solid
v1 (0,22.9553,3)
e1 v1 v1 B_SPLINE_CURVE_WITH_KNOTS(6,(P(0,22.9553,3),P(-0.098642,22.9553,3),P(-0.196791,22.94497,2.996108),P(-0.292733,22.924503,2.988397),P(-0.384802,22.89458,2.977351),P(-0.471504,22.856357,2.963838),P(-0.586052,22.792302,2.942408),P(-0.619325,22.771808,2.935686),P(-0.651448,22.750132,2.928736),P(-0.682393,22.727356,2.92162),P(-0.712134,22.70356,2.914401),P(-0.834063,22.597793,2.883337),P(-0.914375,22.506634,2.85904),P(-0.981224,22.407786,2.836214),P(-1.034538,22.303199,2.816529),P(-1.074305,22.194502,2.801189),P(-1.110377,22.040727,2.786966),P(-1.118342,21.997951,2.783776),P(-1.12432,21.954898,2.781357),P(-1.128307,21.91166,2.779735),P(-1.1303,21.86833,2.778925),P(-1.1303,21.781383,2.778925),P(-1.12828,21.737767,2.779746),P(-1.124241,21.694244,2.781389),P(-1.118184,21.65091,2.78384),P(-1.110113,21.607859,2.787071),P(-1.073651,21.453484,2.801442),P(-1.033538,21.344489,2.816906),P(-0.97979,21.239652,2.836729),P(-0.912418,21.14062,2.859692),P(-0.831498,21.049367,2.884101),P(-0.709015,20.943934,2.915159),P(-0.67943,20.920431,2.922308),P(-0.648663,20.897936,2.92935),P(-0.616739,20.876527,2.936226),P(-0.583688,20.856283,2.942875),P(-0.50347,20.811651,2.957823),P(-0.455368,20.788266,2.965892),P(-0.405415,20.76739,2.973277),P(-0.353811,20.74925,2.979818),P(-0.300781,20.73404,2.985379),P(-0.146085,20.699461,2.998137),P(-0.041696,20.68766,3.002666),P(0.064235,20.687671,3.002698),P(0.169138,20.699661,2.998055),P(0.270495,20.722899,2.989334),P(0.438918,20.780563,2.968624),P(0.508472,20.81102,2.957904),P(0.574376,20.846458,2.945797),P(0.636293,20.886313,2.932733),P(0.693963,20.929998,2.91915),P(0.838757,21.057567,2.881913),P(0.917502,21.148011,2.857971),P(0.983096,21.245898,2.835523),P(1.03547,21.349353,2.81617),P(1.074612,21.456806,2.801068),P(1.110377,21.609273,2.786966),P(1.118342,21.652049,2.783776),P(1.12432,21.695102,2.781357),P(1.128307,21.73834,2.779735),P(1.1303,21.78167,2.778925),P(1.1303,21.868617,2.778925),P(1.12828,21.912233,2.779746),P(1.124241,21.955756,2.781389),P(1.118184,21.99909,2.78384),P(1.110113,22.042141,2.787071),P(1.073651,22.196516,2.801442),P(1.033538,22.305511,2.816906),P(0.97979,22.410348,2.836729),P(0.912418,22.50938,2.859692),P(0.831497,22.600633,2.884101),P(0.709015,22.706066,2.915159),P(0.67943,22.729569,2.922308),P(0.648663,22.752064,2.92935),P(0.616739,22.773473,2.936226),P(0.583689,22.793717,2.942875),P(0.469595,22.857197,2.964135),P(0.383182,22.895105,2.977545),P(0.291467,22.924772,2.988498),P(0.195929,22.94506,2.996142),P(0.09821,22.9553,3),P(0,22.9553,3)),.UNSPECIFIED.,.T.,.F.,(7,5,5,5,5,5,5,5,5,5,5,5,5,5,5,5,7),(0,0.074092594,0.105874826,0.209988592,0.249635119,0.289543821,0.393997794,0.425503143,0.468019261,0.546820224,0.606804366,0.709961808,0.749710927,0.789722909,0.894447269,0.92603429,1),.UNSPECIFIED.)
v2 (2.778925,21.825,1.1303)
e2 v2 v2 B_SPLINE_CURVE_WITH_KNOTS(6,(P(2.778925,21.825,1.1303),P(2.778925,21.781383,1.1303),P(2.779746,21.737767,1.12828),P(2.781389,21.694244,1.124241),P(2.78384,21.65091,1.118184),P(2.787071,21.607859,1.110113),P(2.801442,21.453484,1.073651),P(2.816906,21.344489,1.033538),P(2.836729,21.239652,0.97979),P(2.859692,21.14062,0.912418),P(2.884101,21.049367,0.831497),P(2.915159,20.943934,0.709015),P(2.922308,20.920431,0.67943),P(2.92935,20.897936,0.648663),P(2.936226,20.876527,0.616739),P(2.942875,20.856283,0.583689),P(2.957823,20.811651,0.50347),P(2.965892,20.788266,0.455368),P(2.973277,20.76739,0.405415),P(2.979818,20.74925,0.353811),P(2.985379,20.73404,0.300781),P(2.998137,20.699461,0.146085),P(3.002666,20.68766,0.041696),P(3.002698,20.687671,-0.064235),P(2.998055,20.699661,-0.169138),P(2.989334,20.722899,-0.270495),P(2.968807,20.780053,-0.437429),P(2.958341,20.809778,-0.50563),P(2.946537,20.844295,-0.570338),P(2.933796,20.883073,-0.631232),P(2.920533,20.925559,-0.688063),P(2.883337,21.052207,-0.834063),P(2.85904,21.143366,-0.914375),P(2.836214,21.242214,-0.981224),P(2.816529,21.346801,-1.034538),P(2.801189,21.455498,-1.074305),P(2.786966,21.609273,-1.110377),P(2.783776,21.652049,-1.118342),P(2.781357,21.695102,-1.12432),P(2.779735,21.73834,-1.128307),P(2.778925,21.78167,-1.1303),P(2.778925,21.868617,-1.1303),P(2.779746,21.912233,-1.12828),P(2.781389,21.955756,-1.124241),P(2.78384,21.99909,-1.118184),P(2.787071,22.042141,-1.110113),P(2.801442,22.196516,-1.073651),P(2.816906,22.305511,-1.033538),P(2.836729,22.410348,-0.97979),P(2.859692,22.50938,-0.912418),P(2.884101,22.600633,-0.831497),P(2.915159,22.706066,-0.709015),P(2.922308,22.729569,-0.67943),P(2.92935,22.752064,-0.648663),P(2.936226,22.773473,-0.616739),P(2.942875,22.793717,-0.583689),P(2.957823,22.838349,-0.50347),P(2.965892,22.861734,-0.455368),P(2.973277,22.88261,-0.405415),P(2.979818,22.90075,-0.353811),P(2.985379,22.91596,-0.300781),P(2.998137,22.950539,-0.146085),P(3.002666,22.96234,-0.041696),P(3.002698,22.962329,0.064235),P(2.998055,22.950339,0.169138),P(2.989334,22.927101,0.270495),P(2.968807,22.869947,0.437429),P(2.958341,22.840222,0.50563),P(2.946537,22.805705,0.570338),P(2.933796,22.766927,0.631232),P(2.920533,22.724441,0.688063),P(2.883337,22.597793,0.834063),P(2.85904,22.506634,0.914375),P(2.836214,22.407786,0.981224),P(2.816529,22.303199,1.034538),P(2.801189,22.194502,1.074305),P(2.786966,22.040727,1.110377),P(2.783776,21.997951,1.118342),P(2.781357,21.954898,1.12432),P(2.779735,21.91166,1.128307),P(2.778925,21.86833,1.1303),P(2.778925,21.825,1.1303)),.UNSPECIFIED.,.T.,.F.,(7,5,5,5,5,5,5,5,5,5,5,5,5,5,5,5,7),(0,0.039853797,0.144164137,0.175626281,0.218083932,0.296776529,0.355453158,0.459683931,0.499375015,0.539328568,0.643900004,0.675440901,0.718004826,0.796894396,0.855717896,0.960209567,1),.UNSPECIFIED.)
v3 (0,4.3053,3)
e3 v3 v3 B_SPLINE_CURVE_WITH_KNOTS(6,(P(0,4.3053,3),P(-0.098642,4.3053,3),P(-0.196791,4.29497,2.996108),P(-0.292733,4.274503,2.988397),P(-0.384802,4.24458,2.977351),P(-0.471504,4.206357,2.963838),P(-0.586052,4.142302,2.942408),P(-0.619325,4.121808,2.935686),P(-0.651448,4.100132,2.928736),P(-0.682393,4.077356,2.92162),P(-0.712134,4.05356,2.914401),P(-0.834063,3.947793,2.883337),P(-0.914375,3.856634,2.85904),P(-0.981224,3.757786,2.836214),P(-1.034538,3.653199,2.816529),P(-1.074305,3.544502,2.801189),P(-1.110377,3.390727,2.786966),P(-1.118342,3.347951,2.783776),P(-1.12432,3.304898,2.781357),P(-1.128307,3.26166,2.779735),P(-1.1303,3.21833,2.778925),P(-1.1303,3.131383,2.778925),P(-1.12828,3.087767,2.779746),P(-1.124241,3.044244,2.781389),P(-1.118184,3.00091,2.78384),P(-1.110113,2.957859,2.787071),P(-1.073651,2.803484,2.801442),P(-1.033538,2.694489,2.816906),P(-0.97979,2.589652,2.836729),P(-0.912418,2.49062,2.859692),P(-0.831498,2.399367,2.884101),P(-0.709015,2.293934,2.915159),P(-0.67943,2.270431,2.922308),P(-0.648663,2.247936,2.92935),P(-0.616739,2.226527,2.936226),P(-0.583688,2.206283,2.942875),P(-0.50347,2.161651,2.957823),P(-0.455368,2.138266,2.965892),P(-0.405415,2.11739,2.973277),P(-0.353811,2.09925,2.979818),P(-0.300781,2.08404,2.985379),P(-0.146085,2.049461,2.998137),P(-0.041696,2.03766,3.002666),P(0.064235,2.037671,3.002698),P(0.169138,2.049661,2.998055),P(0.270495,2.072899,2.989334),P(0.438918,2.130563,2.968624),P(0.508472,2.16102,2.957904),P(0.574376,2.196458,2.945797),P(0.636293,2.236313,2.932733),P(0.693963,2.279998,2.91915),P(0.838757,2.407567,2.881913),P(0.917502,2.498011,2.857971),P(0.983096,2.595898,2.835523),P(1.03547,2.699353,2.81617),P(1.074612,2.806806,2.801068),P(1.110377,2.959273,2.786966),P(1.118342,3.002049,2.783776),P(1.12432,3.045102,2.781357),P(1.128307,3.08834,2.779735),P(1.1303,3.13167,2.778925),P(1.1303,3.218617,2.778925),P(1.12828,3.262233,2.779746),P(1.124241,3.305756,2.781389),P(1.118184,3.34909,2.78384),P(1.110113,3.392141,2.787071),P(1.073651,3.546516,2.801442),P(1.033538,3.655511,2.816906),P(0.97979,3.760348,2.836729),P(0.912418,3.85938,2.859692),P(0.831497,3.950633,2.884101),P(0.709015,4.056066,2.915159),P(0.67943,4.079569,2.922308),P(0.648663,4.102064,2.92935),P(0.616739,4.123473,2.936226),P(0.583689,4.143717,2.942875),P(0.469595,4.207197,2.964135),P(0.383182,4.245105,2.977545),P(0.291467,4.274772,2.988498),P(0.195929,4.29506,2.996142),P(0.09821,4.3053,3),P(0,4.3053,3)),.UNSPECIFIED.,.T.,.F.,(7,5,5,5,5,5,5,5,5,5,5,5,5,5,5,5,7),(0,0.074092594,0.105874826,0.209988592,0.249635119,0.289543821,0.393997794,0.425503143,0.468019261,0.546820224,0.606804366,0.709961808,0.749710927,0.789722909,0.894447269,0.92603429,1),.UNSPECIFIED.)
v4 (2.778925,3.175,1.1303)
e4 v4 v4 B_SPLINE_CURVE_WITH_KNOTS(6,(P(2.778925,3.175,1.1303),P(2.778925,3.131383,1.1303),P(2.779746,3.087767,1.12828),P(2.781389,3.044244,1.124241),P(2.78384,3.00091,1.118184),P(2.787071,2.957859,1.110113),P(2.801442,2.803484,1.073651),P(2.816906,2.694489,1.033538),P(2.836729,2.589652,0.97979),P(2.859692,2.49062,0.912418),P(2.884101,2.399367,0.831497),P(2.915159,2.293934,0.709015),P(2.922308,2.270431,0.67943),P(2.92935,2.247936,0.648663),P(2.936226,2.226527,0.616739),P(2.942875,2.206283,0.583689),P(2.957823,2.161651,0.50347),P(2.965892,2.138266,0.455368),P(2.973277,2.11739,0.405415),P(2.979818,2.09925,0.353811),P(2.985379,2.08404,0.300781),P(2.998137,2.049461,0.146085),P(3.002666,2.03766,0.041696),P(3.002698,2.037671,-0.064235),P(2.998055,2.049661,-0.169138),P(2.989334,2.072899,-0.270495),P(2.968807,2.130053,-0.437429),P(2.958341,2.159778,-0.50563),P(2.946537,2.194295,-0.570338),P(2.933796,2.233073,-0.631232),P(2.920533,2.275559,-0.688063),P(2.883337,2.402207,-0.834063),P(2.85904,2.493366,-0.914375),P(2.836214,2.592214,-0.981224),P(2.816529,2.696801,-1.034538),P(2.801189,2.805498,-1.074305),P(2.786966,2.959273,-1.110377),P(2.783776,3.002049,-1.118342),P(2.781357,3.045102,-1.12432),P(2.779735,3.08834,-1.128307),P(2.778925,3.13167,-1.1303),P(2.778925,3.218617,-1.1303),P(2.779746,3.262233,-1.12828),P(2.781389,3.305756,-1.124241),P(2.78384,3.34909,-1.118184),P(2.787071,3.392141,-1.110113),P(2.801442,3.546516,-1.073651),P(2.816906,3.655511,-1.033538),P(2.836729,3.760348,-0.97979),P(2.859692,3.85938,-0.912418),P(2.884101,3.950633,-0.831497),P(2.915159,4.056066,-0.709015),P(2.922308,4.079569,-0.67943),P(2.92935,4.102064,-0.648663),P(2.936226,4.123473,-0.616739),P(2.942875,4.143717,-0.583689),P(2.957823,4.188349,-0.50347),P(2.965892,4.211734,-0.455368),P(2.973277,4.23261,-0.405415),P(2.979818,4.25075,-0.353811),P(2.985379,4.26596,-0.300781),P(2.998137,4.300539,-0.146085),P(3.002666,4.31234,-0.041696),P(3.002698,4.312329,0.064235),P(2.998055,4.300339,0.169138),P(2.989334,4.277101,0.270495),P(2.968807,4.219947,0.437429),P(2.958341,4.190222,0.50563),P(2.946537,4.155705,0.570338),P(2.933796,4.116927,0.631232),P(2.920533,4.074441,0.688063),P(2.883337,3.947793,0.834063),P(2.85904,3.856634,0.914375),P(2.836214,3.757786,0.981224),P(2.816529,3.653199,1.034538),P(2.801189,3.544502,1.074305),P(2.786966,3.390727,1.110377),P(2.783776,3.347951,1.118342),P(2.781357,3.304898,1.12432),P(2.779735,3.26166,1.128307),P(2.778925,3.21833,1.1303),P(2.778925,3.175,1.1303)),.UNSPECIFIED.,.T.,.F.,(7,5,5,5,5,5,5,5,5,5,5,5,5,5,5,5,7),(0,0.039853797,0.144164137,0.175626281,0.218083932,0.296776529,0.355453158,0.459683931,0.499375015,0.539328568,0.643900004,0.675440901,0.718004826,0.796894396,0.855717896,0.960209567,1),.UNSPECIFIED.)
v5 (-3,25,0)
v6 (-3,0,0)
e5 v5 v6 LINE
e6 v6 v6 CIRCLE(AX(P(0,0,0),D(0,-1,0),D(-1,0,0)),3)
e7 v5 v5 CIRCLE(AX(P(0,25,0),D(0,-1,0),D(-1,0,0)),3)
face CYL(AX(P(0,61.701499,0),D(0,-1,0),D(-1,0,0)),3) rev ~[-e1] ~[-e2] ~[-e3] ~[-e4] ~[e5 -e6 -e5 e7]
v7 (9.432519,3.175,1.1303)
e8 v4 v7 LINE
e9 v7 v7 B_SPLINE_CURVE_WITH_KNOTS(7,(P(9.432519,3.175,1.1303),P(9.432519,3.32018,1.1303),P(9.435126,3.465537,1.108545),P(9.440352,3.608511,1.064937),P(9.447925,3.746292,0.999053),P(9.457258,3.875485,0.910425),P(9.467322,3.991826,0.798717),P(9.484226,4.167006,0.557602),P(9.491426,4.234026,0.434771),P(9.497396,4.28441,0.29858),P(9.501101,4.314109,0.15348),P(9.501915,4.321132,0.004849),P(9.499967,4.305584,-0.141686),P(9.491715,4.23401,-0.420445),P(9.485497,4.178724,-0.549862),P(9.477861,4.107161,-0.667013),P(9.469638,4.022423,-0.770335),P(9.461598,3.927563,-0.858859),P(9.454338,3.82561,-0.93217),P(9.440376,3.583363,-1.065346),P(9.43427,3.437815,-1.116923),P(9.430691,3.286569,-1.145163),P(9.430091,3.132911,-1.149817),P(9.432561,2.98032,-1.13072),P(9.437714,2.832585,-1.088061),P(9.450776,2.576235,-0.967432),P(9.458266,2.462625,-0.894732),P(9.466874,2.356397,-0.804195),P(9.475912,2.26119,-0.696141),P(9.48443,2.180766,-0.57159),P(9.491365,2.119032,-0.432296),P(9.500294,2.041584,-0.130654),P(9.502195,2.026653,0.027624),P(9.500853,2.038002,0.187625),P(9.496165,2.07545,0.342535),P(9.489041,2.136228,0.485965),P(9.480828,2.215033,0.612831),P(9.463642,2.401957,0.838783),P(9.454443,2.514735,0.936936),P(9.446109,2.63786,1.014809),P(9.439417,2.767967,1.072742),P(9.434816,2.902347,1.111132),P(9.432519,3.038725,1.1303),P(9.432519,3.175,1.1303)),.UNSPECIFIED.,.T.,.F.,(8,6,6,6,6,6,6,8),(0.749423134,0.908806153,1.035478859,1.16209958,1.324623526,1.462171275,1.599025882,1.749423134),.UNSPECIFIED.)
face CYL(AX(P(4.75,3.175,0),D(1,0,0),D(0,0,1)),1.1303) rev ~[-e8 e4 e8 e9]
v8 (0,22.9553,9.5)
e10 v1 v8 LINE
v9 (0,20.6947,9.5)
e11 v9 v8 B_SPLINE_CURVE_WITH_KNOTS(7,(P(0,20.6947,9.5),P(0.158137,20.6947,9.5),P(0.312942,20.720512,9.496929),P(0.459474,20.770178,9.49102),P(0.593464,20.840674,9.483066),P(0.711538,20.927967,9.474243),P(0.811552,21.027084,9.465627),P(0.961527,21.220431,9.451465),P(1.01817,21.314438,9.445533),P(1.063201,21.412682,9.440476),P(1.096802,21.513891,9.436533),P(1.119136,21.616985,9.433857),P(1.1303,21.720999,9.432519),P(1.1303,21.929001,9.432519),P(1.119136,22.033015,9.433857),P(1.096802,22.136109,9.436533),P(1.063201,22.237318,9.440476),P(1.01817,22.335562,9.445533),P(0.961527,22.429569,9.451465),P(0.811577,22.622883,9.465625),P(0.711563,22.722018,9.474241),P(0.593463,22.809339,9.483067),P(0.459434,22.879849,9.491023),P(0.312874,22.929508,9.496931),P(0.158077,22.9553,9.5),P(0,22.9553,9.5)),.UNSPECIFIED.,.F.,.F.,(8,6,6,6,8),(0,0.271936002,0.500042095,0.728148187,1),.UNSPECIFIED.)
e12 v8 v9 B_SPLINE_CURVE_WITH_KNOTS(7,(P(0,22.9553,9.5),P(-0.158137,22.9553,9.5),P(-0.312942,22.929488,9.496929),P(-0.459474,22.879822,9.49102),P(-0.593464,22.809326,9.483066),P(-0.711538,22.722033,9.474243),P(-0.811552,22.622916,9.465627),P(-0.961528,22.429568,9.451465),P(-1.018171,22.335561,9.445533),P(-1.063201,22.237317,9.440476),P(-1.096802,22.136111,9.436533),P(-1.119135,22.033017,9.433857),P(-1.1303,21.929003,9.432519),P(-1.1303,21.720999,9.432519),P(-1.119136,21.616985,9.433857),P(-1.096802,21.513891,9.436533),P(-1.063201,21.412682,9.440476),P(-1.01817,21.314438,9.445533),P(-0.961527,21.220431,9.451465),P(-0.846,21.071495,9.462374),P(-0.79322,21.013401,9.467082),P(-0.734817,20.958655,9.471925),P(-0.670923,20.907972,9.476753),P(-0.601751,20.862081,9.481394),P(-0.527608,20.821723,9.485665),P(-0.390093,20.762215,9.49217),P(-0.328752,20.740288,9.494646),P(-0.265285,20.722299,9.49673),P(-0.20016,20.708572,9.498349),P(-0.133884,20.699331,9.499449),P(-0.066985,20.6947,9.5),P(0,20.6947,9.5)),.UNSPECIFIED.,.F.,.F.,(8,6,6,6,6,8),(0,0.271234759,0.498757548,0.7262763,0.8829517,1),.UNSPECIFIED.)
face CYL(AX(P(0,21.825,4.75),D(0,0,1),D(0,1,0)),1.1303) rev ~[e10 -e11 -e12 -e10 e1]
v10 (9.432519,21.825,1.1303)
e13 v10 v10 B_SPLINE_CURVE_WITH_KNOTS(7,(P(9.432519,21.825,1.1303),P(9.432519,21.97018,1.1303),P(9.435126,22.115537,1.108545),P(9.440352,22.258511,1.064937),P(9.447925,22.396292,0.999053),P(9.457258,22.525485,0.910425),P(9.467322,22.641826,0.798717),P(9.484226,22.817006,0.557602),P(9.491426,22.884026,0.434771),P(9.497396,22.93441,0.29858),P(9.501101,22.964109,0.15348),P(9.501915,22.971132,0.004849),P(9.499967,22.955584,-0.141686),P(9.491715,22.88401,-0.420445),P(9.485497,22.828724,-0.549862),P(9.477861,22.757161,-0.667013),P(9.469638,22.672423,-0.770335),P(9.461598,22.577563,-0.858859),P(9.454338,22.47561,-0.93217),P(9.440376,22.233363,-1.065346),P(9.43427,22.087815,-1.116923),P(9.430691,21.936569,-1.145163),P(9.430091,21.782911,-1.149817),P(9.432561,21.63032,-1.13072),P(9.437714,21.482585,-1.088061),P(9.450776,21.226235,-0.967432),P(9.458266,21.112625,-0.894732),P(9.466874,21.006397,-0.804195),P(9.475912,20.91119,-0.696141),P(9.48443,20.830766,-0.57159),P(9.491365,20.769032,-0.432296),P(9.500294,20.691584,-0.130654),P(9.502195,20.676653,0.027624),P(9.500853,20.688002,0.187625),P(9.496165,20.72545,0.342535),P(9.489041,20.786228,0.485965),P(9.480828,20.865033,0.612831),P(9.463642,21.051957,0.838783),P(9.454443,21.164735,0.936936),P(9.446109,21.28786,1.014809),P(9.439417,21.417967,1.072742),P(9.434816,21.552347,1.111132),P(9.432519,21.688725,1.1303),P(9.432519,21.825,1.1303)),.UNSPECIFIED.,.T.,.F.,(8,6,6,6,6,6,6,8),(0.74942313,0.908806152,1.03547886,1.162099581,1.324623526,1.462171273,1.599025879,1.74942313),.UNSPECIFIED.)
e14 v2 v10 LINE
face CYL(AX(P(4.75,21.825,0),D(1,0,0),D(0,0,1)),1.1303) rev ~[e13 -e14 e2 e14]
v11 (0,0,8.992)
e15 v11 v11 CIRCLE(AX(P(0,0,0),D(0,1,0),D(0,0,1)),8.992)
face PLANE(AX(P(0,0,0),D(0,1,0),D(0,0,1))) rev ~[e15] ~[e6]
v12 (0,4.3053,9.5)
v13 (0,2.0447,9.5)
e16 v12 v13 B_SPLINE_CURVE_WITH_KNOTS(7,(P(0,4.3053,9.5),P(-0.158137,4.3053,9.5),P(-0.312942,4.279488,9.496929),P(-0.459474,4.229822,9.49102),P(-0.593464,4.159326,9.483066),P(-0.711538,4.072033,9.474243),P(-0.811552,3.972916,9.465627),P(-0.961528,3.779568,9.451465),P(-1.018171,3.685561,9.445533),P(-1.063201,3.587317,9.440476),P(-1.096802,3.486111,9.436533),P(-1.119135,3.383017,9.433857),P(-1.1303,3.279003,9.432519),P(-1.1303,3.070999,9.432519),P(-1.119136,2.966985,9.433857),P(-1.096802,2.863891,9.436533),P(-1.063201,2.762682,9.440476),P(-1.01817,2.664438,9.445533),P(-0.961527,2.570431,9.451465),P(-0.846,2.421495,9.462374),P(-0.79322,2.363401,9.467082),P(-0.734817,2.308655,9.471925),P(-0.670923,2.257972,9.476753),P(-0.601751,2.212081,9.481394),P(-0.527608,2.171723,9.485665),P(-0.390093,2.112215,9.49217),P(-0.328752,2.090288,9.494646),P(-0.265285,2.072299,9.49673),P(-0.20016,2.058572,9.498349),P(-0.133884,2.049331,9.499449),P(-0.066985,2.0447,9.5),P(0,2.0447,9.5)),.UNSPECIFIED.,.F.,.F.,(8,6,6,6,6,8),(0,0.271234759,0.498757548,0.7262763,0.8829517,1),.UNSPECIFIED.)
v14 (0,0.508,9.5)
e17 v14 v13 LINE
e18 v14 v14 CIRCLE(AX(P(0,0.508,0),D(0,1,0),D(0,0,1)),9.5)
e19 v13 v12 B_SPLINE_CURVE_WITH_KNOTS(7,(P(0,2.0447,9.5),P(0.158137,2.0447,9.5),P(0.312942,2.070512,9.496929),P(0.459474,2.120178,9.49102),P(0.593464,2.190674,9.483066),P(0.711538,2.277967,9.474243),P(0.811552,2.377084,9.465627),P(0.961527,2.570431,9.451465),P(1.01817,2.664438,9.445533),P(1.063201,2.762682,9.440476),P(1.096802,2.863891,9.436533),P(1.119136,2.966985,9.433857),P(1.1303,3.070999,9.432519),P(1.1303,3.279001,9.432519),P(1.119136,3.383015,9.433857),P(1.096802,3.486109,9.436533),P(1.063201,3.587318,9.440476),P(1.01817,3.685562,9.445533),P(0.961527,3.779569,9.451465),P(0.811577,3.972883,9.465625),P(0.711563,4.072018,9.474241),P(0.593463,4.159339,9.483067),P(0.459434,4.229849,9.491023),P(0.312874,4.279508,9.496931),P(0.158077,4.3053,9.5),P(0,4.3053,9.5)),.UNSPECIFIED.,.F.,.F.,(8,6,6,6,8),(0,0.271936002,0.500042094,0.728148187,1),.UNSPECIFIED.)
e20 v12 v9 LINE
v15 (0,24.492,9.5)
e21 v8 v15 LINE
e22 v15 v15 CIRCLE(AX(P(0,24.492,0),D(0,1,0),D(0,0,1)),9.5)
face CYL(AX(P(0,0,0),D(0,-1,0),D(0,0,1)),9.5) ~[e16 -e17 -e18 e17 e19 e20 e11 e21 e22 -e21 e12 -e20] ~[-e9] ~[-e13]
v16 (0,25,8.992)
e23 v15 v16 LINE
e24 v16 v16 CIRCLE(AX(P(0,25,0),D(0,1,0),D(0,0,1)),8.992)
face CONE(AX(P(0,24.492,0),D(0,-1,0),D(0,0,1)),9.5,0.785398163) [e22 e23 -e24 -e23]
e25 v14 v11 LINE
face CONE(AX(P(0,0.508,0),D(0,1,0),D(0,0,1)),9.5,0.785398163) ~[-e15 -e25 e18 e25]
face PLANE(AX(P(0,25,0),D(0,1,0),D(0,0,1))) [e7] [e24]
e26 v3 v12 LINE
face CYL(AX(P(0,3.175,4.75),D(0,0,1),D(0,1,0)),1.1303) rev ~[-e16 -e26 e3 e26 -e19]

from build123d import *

# Parameters (mm, degrees)
SKETCH1_R                      = 9.5
BOSS_EXTRUDE1_DEPTH            = 25
CHAMFER1_SIZE                  = 0.508
F_6_0MM_DOWEL_HOLE1_D          = 6
SKETCH7_W                      = 1.1303
SKETCH7_H                      = 9.5
F_4_40_TAPPED_HOLE1_AT_2_COUNT = 2
F_4_40_TAPPED_HOLE1_AT_2_PITCH = 18.65
SKETCH10_W                     = 1.1303
SKETCH10_H                     = 9.5
F_4_40_TAPPED_HOLE2_AT_2_COUNT = 2
F_4_40_TAPPED_HOLE2_AT_2_PITCH = 18.65


with BuildPart() as part:
    # Sketch1 → Boss-Extrude1 (new body)
    with BuildSketch(Plane(origin=(0, 0, 0), x_dir=(1, 0, 0), z_dir=(0, 1, 0))):
        with Locations(Location((0, 0, 0), (0, 0, 270))):
            Circle(SKETCH1_R)
    extrude(amount=BOSS_EXTRUDE1_DEPTH)

    # Chamfer1
    chamfer1_edges = [part.edges().sort_by_distance(p)[0] for p in [
        (0, 0, -9.5),
        (0, 25, -9.5),
    ]]
    chamfer(chamfer1_edges, length=CHAMFER1_SIZE)

    # Ø6.0mm Dowel Hole1 (through all)
    with Locations(Plane(origin=(0, 25, 0), x_dir=(1, 0, 0), z_dir=(0, 1, 0))):
        with Locations((0, 0)):
            Hole(F_6_0MM_DOWEL_HOLE1_D / 2)

    # Sketch7 → #4-40 Tapped Hole1 (revolve, cut)
    with BuildSketch(Plane.ZX.offset(21.825)):
        with Locations((0.56515, 4.75)):
            Rectangle(SKETCH7_W, SKETCH7_H)
    f_4_40_tapped_hole1 = revolve(axis=Axis((-6.35, 21.825, 0), (1, 0, 0)), mode=Mode.SUBTRACT)

    # #4-40 Tapped Hole1 at 2: #4-40 Tapped Hole1 ×2
    with Locations(*[(0, -i * F_4_40_TAPPED_HOLE1_AT_2_PITCH, 0) for i in range(1, F_4_40_TAPPED_HOLE1_AT_2_COUNT)]):
        add(f_4_40_tapped_hole1, mode=Mode.SUBTRACT)

    # Sketch10 → #4-40 Tapped Hole2 (revolve, cut)
    with BuildSketch(Plane(origin=(0, 21.825, 0), x_dir=(0, 1, 0), z_dir=(1, 0, 0))):
        with Locations((0.56515, 4.75)):
            Rectangle(SKETCH10_W, SKETCH10_H)
    f_4_40_tapped_hole2 = revolve(axis=Axis((0, 21.825, -6.35), (0, 0, 1)), mode=Mode.SUBTRACT)

    # #4-40 Tapped Hole2 at 2: #4-40 Tapped Hole2 ×2
    with Locations(*[(0, -i * F_4_40_TAPPED_HOLE2_AT_2_PITCH, 0) for i in range(1, F_4_40_TAPPED_HOLE2_AT_2_COUNT)]):
        add(f_4_40_tapped_hole2, mode=Mode.SUBTRACT)


solid = part.part
